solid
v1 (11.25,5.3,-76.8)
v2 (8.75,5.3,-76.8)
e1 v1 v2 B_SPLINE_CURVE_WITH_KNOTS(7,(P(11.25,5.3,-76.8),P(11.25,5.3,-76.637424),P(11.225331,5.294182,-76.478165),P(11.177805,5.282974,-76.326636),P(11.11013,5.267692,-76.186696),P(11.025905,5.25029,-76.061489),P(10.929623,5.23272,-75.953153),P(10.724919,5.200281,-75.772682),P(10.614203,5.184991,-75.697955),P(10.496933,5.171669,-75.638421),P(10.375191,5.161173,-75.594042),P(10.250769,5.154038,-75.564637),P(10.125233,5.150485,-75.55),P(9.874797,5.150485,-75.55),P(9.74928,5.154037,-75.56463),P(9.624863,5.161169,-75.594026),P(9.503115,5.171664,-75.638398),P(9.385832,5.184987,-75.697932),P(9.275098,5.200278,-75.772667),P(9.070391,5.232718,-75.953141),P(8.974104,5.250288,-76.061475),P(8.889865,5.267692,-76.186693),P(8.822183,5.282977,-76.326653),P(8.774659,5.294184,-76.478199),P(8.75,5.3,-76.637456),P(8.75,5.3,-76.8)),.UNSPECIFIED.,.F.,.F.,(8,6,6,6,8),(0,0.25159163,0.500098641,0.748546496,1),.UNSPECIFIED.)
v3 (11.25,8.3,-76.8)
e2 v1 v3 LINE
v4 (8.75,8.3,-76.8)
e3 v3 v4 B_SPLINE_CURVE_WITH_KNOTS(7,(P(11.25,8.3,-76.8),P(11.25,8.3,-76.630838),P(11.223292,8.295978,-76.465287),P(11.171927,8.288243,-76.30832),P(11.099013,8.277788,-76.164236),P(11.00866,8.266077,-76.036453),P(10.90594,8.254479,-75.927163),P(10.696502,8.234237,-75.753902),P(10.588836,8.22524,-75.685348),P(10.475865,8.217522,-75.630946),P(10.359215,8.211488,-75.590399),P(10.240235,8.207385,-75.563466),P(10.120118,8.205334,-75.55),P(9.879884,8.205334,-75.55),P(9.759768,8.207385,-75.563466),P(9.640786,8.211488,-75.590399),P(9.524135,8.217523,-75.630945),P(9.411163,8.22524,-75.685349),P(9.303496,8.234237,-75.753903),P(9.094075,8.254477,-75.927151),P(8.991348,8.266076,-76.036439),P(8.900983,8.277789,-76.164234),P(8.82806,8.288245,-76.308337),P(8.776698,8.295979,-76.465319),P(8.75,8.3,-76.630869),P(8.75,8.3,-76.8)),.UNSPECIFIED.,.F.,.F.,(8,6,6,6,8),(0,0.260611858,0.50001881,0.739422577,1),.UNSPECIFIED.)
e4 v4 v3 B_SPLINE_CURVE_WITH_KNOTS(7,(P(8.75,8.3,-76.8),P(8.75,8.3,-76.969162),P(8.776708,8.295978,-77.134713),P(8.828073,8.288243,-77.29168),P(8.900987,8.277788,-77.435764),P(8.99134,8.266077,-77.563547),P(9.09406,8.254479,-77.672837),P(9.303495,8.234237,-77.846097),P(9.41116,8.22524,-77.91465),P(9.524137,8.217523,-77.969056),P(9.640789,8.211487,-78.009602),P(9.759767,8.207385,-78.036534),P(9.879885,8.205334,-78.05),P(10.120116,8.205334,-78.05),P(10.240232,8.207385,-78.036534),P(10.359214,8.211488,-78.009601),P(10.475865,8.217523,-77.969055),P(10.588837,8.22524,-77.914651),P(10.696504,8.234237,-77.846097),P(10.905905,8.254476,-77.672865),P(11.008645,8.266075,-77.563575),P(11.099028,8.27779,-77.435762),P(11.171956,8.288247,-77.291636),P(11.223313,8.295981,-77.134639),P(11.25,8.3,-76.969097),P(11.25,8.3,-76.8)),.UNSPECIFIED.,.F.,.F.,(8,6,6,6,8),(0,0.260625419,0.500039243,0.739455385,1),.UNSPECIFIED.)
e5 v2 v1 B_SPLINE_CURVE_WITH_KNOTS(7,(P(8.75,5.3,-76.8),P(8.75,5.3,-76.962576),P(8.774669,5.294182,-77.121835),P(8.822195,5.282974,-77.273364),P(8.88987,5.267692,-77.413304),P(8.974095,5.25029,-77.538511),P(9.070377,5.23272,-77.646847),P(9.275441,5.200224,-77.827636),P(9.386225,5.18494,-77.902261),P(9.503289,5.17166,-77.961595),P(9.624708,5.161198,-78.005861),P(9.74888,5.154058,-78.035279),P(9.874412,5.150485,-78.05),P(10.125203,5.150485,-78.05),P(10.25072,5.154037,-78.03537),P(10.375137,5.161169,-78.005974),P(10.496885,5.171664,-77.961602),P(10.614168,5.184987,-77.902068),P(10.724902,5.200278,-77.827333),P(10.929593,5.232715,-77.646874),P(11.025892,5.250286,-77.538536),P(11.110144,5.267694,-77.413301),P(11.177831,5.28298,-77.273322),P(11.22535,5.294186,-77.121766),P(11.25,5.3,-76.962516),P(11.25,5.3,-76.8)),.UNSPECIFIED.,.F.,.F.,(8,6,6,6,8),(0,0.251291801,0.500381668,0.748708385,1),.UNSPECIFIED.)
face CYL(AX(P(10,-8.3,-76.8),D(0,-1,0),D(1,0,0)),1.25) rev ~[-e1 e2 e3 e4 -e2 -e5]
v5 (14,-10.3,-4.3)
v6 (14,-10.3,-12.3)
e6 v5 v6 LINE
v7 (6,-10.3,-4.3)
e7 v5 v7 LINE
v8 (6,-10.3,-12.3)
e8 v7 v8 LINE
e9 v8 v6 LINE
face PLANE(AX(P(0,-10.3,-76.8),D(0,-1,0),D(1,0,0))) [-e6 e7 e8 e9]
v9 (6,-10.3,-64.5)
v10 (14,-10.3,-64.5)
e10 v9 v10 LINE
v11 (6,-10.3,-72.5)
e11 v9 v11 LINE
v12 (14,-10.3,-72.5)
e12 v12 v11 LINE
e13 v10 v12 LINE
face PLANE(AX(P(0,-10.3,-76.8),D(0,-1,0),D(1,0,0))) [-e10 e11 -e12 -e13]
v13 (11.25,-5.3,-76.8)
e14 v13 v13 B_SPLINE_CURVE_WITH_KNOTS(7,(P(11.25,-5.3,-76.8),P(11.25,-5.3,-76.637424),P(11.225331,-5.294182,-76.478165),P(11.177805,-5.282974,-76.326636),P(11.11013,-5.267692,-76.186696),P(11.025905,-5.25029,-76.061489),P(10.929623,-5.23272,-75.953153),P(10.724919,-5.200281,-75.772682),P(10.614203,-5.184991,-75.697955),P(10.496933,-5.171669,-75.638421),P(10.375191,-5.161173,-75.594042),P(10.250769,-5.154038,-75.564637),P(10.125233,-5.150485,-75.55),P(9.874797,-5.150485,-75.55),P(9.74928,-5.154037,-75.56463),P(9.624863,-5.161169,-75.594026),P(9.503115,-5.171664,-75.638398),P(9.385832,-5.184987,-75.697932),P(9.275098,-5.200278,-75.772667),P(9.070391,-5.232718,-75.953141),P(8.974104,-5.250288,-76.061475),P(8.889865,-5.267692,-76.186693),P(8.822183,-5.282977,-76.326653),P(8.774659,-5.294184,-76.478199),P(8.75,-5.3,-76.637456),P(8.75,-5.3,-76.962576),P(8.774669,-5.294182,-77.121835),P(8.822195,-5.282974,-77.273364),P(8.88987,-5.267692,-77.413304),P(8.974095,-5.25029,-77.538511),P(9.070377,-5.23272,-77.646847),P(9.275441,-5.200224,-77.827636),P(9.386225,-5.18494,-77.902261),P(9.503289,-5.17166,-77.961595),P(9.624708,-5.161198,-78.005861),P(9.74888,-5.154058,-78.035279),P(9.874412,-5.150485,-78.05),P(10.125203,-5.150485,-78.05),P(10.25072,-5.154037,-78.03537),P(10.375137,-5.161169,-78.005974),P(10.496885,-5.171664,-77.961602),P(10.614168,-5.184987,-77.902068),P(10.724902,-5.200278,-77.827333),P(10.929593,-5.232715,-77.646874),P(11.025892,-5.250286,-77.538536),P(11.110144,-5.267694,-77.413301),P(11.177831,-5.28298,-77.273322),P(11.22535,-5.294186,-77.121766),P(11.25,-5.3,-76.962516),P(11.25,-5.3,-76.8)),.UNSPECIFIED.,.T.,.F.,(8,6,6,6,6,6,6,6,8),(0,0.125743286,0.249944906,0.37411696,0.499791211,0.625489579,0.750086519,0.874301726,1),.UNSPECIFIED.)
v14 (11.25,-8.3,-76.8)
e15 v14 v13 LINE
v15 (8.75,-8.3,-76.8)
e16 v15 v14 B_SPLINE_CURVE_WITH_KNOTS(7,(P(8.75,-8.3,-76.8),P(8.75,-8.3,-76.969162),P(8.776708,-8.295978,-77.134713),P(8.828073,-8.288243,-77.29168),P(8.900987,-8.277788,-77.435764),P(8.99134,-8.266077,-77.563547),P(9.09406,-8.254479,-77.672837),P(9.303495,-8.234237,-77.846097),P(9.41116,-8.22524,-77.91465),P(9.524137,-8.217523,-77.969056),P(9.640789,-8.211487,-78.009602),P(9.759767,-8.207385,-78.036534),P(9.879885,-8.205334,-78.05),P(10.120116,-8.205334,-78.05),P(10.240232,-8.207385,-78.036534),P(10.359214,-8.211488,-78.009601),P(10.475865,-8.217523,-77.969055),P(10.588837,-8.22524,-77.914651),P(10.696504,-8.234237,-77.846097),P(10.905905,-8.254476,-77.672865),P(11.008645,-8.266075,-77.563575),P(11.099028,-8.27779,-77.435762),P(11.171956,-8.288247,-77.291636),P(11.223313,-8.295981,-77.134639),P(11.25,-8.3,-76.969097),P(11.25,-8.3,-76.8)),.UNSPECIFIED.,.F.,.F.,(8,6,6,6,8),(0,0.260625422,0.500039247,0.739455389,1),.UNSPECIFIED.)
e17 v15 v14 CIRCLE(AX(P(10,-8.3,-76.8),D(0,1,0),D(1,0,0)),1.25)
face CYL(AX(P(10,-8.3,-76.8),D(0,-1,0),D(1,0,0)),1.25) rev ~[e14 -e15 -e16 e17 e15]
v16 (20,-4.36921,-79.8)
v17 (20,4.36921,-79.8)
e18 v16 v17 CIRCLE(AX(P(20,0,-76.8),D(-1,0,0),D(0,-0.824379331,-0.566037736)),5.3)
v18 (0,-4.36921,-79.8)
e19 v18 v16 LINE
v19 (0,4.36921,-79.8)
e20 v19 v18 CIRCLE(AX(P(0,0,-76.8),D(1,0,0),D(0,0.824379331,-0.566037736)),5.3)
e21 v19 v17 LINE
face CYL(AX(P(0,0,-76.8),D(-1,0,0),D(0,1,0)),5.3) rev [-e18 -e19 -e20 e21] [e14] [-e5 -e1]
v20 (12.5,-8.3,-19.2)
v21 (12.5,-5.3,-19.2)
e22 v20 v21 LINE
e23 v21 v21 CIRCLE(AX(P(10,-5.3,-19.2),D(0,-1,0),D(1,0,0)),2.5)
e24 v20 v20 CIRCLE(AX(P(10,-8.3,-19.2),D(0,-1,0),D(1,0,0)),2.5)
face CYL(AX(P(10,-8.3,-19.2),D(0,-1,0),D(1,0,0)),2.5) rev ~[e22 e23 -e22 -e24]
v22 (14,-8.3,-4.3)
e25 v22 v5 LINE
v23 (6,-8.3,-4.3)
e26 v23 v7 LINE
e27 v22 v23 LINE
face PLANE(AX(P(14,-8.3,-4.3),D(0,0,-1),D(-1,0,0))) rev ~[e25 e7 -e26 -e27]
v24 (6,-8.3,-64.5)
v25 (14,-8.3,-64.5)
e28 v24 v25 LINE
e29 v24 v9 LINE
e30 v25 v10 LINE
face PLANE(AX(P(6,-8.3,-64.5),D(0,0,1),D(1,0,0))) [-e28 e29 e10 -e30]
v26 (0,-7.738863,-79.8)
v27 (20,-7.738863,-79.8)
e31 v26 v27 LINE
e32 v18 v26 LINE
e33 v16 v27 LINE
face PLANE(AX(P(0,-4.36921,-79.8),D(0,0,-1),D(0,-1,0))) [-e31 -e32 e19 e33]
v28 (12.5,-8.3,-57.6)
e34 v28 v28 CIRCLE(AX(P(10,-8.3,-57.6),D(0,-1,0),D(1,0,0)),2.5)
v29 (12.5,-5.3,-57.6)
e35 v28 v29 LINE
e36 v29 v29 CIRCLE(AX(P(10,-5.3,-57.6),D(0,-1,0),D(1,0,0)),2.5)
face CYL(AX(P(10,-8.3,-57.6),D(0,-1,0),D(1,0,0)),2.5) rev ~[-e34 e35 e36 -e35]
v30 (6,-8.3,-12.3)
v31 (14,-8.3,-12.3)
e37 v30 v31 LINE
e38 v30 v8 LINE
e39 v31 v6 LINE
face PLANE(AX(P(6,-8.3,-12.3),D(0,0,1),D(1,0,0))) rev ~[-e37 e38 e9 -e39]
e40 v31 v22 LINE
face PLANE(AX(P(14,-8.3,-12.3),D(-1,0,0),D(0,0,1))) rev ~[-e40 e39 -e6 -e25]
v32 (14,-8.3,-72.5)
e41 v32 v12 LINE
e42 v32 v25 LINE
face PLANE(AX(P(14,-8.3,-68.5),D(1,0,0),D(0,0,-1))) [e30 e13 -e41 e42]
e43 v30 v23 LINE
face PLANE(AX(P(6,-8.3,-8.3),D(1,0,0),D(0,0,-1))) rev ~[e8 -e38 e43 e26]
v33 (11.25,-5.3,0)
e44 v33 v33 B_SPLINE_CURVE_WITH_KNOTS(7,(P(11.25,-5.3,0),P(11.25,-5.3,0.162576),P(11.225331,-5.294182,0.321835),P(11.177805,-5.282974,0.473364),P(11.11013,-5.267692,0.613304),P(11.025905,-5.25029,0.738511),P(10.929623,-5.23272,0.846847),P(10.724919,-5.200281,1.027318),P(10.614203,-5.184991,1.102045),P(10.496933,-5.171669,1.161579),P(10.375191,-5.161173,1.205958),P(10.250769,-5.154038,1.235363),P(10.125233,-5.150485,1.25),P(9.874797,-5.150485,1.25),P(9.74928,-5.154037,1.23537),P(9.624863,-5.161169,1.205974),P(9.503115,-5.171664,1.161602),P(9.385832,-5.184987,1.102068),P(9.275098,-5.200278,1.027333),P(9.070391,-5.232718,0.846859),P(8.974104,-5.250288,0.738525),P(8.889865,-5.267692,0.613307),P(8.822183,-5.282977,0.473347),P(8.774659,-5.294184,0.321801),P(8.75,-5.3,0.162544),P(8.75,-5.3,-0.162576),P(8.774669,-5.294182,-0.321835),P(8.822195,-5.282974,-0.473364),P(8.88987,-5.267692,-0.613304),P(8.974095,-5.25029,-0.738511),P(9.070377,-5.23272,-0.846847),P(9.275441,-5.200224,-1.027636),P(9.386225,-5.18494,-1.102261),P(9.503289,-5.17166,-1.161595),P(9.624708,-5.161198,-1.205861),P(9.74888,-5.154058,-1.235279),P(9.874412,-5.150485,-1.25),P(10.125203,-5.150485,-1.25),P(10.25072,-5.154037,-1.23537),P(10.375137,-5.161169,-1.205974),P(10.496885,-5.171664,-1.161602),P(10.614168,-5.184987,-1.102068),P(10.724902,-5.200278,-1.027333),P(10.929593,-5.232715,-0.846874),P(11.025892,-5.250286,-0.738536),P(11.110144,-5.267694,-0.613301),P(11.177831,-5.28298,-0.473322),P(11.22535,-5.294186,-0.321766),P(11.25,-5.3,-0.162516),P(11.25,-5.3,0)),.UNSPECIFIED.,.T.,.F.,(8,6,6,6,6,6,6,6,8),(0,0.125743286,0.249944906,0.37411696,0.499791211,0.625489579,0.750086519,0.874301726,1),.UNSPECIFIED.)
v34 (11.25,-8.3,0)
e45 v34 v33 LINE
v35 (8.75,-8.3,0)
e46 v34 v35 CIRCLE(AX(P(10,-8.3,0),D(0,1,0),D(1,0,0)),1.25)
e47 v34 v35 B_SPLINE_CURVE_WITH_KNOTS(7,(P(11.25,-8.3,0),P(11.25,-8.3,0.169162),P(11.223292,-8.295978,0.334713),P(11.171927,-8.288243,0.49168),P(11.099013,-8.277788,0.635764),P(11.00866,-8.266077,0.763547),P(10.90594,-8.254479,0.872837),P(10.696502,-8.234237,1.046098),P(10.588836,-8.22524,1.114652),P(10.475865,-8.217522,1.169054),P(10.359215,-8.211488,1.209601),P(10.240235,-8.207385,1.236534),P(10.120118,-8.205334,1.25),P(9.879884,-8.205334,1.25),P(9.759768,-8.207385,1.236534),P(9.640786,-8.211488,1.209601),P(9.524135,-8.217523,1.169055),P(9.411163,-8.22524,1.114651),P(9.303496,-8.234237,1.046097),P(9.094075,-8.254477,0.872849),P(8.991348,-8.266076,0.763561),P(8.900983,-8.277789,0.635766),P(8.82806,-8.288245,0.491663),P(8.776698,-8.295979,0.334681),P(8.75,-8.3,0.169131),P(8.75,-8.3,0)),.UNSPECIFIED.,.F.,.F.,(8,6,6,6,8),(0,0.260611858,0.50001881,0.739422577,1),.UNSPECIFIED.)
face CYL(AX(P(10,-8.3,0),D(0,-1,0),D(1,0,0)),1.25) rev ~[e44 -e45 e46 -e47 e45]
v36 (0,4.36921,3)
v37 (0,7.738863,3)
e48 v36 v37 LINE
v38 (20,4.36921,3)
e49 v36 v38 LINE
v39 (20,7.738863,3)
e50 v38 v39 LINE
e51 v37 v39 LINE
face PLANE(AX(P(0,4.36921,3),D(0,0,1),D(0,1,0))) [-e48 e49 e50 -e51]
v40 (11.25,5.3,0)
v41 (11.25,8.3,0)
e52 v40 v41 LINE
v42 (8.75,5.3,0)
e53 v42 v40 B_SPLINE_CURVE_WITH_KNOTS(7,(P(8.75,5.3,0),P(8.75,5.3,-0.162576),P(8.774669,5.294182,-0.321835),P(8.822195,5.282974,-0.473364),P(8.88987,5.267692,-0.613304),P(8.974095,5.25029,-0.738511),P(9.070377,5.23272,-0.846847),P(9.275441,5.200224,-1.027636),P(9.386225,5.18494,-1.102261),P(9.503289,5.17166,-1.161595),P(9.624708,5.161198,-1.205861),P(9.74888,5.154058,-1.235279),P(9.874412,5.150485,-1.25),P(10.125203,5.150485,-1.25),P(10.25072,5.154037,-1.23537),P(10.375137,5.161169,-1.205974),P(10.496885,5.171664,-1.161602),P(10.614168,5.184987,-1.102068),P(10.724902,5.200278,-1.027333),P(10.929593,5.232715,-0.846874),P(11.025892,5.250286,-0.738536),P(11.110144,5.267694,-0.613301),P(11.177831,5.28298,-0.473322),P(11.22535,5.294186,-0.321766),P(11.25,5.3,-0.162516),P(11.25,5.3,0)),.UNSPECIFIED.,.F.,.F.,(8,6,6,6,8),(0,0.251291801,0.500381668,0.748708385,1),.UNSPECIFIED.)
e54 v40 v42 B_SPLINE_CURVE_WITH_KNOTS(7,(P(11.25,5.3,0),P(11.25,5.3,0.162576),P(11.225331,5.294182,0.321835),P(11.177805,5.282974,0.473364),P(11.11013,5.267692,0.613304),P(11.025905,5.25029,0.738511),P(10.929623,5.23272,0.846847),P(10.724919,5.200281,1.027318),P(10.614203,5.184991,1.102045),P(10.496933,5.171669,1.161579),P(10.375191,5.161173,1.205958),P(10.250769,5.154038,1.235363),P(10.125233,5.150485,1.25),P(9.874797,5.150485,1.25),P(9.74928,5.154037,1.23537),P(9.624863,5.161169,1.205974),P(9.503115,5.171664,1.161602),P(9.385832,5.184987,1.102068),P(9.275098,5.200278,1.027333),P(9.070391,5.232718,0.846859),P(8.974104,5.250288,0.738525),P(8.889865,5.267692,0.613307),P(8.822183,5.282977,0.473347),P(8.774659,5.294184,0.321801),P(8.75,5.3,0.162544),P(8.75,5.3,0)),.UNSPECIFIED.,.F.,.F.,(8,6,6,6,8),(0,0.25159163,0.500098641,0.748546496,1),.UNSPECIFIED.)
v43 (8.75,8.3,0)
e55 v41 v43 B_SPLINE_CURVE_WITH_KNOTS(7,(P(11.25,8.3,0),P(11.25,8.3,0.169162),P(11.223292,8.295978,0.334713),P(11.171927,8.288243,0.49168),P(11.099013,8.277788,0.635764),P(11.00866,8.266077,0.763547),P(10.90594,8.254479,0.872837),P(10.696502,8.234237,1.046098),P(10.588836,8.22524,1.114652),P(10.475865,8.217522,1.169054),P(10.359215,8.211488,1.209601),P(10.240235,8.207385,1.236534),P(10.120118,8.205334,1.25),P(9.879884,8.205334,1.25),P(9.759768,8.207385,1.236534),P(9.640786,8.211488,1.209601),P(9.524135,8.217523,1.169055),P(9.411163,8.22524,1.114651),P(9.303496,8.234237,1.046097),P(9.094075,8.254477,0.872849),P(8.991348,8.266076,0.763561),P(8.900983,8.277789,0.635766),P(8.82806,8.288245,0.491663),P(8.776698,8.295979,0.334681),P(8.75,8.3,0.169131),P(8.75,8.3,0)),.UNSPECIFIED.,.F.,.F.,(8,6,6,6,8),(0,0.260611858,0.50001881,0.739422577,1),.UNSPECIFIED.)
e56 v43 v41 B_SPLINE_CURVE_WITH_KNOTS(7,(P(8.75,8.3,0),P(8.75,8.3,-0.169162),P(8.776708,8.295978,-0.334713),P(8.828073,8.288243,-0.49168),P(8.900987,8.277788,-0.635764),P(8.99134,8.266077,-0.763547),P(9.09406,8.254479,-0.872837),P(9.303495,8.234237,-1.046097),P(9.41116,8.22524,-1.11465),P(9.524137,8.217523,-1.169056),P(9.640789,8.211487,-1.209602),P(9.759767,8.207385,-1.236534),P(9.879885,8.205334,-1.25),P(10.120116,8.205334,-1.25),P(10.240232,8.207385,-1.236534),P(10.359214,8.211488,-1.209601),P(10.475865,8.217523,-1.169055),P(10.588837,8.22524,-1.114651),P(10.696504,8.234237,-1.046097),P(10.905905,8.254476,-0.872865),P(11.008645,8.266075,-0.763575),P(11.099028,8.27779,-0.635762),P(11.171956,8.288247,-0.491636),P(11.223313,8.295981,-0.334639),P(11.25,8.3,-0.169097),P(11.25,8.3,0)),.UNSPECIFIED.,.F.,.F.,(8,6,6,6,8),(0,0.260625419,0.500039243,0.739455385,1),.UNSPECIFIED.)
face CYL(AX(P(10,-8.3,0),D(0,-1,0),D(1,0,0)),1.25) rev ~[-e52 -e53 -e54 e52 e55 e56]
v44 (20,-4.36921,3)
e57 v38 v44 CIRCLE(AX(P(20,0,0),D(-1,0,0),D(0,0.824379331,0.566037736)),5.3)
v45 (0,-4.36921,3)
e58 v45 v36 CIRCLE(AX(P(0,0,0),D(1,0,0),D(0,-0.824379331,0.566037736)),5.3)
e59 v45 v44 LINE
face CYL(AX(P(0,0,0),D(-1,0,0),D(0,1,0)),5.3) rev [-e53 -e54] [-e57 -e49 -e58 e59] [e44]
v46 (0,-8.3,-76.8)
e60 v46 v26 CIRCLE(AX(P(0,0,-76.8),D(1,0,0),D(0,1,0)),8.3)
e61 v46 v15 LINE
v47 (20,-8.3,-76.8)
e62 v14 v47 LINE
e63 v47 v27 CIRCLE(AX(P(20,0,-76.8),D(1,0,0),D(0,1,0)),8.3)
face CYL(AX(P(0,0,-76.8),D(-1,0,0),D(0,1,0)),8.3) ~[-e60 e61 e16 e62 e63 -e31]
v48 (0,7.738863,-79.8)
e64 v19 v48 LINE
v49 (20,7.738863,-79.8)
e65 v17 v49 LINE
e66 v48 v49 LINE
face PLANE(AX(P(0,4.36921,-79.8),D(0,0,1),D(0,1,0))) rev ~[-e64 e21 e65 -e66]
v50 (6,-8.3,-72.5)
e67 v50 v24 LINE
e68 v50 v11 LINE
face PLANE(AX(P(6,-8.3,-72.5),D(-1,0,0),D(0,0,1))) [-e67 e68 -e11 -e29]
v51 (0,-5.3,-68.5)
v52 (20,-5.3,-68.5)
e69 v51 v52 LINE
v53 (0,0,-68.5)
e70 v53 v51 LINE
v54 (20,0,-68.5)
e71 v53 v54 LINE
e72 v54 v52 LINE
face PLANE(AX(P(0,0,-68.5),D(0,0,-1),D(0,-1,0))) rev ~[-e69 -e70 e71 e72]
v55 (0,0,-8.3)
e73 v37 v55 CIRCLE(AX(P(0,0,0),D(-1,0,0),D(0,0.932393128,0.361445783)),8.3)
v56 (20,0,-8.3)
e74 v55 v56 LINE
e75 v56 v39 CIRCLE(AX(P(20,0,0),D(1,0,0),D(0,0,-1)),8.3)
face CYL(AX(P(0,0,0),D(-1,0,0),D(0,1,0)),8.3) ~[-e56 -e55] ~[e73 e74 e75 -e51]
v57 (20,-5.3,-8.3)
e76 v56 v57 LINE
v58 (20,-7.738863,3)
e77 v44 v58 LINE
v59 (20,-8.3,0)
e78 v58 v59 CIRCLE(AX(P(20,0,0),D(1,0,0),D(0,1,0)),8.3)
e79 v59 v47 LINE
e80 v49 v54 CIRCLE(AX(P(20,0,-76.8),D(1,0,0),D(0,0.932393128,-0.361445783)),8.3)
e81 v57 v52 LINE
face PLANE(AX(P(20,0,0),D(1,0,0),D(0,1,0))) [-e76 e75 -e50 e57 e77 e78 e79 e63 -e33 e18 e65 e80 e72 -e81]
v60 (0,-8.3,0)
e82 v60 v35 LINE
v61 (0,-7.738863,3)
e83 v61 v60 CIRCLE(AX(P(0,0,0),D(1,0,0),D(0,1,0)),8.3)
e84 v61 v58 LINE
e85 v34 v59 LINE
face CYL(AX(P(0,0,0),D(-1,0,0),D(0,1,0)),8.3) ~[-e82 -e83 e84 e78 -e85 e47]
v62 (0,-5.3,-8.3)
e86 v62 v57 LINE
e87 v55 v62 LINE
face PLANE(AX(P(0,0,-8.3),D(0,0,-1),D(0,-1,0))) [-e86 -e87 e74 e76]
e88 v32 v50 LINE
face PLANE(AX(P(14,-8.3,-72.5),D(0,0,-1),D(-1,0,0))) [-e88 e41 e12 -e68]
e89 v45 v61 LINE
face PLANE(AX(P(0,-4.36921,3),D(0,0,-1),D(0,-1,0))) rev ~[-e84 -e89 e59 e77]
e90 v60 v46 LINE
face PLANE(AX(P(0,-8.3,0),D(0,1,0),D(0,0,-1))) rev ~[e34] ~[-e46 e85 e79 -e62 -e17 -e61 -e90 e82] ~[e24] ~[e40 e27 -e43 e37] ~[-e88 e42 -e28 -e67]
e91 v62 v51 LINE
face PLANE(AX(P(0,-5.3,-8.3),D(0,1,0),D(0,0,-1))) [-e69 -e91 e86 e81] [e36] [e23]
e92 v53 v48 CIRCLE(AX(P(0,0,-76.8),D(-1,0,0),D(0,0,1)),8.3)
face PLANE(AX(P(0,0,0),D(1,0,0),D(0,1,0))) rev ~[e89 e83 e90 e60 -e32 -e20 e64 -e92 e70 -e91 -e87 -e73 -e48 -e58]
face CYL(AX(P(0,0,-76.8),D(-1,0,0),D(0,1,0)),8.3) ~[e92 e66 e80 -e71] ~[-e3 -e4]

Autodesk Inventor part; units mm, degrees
ref_plane "YZ Plane" through (0, 0, 0) normal (1, 0, 0) x (0, 1, 0)
ref_plane "XZ Plane" through (0, 0, 0) normal (0, 1, 0) x (-1, 0, 0)
sketch "스케치1" plane through (0, 0, 0) normal (1, 0, 0) x (0, 1, 0)
  circle A0 centre (0, 0) radius 5.3
  circle A1 centre (0, 0) radius 5
  line L0 (4, 3) -> (-4, 3)
  circle A2 centre (0, 0) radius 8.3
  line L1 (4, 3) -> (11.6093, 3)
  line L2 (-4, 3) -> (-10.334, 3)
  line L3 (11.6093, -38.4) -> (-10.334, -38.4) construction
  circle A3 centre (0, -76.8) radius 5.3
  circle A4 centre (0, -76.8) radius 5
  line L4 (4, -79.8) -> (-4, -79.8)
  circle A5 centre (0, -76.8) radius 8.3
  line L5 (4, -79.8) -> (11.6093, -79.8)
  line L6 (-4, -79.8) -> (-10.334, -79.8)
  line L7 (-8.3, 0) -> (-8.3, -76.8)
  line L8 (-5.3, 0) -> (-5.3, -76.8)
  line L9 (0, -8.3) -> (-5.3, -8.3)
  line L10 (0, -68.5) -> (-5.3, -68.5)
  point P0 (0, 3)
  point P1 (0, -79.8)
  point P2 (-4.3692, -79.8)
  point P3 (4.3692, -79.8)
  point P4 (7.7389, 3)
  point P5 (4.3692, 3)
  point P6 (-4.3692, 3)
  point P7 (-7.7389, 3)
  point P8 (-7.7389, -79.8)
  point P9 (7.7389, -79.8)
  dimension "d0" = 10.6
  dimension "d1" = 3
  dimension "d2" = 10
  dimension "d3" = 16.6
  dimension "d4" = 38.4
extrude "돌출1" add sketch "스케치1" along normal blind 20 contours L8 A2 L2 A0 | A0 L1 A2 L8 | L8 A5 L7 A2 | A2 L9 L8 | A5 L8 A3 L6 | L10 A5 L8 | A5 L5 A3 L8
ref_plane "작업 평면1" through (0, 0, 8.3) normal (0, 0, 1) x (1, 0, 0)
sketch "스케치3" plane through (0, -8.3, -76.8) normal (0, -1, 0) x (1, 0, 0)
  line L0 (0, 76.8) -> (0, 0) projected
  line L1 (0, 0) -> (20, 0) projected
  line L2 (20, 76.8) -> (20, 0) projected
  line L3 (0, 76.8) -> (20, 76.8) projected
  line L4 (0, 0) -> (0, -3) projected
  line L5 (0, -3) -> (20, -3) projected
  line L6 (20, 0) -> (20, -3) projected
  line L7 (0, 0) -> (20, 0) projected
  line L8 (0, 79.8) -> (0, 76.8) projected
  line L9 (0, 76.8) -> (20, 76.8) projected
  line L10 (20, 79.8) -> (20, 76.8) projected
  line L11 (0, 79.8) -> (20, 79.8) projected
  line L12 (20, 38.4) -> (0, 38.4) construction
  line L13 (0, 79.8) -> (20, 79.8) projected
  line L14 (10, 79.8) -> (10, -3) construction
  circle A0 centre (10, 19.2) radius 2.5
  line L15 (6, 12.3) -> (14, 12.3)
  line L16 (14, 12.3) -> (14, 4.3)
  line L17 (14, 4.3) -> (6, 4.3)
  line L18 (6, 4.3) -> (6, 12.3)
  line L19 (0, 8.3) -> (20, 8.3) projected
  line L20 (6, 12.3) -> (14, 4.3) construction
  line L21 (14, 12.3) -> (6, 4.3) construction
  circle A1 centre (10, 57.6) radius 2.5
  line L22 (6, 64.5) -> (14, 64.5)
  line L23 (14, 64.5) -> (14, 72.5)
  line L24 (14, 72.5) -> (6, 72.5)
  line L25 (6, 72.5) -> (6, 64.5)
  line L26 (0, 68.5) -> (20, 68.5)
  line L27 (6, 64.5) -> (14, 72.5) construction
  line L28 (14, 64.5) -> (6, 72.5) construction
  circle A2 centre (10, 0) radius 1.25
  circle A3 centre (10, 76.8) radius 1.25
  point P0 (10, 8.3)
  point P1 (10, 68.5)
  dimension "d10" = 38.4
  dimension "d11" = 10
  dimension "d12" = 5
  dimension "d13" = 19.2
  dimension "d14" = 8
  dimension "d15" = 8
  dimension "d20" = 2.5
extrude "돌출3" cut sketch "스케치3" against normal blind 20 contours A3 L3 | L3 A3 | A2 L1 | L1 A2 | A0 | A1
extrude "돌출4" add sketch "스케치3" along normal blind 2 contours L26 L23 L22 L25 | L25 L24 L23 L26 | L19 L16 L17 L18 | L18 L15 L16 L19
properties part number "pipe_holder_typeB"
